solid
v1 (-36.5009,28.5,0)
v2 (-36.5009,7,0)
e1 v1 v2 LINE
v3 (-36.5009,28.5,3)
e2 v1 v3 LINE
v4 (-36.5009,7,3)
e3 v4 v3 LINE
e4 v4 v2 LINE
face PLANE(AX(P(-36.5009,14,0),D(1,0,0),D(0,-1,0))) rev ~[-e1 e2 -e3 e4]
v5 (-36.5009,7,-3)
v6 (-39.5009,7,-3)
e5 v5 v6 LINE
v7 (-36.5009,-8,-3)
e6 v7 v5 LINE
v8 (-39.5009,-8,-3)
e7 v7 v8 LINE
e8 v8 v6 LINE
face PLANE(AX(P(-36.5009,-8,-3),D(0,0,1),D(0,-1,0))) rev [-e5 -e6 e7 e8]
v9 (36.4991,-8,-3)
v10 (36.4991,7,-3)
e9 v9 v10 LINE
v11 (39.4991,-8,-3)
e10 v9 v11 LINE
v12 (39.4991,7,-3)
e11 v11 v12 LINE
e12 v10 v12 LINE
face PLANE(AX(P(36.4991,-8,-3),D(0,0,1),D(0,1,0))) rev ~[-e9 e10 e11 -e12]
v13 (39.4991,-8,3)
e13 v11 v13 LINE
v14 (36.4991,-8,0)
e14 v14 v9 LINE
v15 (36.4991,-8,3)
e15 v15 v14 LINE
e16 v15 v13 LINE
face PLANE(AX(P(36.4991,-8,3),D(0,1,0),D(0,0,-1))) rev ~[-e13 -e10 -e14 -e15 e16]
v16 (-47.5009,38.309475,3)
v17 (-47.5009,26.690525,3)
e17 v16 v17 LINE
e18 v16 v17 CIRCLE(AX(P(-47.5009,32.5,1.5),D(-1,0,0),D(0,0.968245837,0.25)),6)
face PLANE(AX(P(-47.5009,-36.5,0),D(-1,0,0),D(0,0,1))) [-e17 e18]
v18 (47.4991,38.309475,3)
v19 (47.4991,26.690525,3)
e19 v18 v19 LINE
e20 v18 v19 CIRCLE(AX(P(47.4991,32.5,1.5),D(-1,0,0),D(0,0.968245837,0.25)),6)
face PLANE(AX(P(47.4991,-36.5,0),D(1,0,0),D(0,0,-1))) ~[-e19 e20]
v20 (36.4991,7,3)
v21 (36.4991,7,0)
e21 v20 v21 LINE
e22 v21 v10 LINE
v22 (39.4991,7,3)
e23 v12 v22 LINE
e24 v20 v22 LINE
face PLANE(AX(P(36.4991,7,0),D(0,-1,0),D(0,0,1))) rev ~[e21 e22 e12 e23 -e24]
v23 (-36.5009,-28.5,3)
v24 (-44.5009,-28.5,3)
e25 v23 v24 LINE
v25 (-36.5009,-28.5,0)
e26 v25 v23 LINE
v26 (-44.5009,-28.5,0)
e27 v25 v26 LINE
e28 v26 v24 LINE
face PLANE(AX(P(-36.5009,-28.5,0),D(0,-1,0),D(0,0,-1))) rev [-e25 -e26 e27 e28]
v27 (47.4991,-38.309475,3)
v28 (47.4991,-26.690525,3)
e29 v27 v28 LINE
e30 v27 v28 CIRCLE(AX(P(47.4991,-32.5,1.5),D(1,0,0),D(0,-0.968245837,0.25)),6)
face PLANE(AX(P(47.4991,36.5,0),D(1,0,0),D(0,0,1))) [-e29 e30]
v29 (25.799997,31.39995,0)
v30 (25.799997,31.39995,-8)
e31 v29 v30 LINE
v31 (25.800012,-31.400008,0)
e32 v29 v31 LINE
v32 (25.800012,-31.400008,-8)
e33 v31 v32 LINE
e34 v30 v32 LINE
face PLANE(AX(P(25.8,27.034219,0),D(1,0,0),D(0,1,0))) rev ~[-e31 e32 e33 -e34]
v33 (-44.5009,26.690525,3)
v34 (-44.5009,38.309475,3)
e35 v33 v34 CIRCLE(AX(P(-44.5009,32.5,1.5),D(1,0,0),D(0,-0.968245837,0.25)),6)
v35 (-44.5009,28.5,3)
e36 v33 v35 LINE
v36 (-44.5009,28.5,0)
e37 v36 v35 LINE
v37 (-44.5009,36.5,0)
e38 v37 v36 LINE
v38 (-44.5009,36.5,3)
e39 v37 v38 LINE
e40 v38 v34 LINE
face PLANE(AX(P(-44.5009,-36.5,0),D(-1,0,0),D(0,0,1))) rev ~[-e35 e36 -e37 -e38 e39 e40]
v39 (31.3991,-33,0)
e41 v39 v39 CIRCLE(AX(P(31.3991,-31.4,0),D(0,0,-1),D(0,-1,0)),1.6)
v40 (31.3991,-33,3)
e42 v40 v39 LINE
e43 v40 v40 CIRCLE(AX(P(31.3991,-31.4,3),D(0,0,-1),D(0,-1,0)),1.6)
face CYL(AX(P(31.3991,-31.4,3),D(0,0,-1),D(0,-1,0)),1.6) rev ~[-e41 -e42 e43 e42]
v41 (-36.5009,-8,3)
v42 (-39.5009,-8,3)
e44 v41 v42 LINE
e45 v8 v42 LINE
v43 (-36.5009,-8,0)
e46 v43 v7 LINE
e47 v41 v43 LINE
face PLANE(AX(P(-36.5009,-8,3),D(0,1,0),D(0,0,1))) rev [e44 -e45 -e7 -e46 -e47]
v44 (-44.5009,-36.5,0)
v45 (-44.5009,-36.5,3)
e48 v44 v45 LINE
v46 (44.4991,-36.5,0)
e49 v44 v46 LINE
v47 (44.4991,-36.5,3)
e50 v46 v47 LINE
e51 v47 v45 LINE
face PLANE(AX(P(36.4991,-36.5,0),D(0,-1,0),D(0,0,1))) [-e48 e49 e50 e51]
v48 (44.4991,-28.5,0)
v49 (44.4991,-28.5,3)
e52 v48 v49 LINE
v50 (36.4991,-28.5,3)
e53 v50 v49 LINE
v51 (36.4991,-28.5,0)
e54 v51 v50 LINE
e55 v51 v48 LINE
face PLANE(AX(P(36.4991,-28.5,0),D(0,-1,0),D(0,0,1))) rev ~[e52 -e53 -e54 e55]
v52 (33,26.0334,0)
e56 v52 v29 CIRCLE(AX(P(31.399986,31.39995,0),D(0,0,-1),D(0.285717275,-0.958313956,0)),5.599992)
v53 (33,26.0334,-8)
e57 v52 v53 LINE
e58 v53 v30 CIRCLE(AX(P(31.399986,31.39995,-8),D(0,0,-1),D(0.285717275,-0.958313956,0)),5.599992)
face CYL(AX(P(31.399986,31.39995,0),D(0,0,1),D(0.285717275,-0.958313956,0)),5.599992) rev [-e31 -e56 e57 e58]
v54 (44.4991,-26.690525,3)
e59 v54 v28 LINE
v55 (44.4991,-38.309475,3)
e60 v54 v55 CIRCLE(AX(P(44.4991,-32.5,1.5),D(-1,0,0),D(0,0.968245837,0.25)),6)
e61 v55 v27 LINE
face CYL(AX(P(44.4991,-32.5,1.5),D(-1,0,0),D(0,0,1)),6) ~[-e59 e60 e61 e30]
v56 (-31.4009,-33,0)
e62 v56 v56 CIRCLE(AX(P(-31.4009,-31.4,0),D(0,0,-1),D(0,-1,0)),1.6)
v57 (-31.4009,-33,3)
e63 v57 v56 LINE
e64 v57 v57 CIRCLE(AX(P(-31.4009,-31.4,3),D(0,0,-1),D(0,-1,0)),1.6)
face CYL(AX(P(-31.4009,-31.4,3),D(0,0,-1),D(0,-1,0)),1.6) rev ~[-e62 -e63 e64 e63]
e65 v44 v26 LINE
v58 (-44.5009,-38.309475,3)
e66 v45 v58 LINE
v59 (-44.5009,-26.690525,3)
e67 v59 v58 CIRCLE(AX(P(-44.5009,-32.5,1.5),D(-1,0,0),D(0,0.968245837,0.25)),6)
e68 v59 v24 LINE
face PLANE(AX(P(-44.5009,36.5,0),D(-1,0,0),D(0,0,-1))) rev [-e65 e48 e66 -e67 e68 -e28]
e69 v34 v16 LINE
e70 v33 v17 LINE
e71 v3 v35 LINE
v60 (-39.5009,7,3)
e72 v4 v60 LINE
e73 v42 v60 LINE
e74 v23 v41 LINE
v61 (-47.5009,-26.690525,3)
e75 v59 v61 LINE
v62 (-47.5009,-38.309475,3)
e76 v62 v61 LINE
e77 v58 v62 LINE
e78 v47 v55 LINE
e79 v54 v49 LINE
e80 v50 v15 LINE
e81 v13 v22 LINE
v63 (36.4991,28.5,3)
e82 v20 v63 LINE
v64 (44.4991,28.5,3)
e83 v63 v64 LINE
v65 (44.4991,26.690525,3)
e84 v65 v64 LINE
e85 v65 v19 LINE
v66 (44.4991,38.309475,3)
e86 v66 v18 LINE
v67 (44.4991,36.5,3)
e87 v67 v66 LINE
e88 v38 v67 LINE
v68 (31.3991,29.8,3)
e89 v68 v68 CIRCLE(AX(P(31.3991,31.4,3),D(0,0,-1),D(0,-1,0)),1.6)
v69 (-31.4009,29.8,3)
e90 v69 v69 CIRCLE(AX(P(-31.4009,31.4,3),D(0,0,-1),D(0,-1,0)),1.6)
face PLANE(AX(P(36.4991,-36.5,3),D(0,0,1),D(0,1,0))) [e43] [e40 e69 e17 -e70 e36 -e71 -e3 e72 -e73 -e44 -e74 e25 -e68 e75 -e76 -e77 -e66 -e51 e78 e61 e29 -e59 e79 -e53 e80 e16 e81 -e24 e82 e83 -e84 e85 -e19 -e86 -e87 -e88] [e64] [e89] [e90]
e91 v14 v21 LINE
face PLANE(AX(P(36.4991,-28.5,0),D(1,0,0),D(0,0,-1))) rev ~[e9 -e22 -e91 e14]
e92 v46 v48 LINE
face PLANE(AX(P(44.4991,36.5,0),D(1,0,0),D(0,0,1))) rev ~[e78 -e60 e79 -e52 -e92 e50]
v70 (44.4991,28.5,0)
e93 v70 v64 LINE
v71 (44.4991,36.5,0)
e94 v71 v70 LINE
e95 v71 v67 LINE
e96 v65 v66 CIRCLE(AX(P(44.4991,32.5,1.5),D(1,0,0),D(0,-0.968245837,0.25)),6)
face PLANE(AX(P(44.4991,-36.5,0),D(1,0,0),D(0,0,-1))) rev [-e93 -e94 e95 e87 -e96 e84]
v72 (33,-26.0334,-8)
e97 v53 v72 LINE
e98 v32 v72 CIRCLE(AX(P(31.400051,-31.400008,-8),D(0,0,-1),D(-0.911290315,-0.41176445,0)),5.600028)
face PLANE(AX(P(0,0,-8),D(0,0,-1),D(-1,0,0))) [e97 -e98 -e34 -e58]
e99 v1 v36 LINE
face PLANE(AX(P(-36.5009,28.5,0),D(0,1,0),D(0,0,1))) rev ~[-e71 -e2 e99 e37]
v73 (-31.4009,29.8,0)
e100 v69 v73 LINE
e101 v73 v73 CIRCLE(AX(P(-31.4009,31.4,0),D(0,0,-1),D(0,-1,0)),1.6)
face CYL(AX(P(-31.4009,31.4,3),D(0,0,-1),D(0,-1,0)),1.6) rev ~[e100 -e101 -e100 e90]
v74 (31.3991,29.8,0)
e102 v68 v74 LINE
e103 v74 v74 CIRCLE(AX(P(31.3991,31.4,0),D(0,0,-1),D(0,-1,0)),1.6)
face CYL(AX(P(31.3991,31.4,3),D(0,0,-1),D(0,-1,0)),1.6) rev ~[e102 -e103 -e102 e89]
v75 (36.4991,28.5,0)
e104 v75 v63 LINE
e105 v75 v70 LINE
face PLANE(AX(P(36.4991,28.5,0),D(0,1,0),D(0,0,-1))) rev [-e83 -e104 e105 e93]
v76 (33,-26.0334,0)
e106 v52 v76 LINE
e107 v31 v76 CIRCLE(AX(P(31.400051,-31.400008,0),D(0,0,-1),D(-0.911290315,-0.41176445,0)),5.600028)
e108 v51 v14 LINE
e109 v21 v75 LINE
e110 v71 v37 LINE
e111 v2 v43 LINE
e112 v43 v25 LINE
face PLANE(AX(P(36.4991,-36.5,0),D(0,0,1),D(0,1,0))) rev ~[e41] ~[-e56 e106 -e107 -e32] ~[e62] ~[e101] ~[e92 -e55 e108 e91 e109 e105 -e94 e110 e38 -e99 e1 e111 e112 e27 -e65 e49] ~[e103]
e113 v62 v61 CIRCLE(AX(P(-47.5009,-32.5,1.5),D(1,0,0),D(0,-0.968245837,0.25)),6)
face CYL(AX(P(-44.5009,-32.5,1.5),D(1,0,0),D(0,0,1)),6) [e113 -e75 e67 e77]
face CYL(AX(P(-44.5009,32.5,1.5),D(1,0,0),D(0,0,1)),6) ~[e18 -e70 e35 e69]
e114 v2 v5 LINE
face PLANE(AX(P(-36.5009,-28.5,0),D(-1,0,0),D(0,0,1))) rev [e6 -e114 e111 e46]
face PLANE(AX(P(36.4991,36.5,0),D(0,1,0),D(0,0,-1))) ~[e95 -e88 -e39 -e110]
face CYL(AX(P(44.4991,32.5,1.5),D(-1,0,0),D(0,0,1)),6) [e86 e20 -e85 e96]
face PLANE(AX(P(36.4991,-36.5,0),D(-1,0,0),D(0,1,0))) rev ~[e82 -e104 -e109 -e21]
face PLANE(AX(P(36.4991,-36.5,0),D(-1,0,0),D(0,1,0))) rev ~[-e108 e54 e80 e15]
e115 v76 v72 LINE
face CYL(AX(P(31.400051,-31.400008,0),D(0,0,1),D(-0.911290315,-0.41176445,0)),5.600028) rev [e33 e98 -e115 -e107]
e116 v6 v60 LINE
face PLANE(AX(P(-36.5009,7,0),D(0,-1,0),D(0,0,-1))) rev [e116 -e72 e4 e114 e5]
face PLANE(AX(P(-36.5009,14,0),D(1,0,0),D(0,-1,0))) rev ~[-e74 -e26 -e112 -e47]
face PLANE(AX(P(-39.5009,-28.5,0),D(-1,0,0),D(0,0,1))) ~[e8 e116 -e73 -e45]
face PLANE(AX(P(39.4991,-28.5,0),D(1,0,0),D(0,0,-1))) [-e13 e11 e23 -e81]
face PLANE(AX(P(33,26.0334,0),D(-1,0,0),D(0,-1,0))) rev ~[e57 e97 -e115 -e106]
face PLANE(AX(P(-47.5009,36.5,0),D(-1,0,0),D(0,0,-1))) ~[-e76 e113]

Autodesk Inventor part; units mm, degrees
ref_plane "YZ Plane" through (0, 0, 0) normal (1, 0, 0) x (0, 1, 0)
ref_plane "XZ Plane" through (0, 0, 0) normal (0, 1, 0) x (-1, 0, 0)
sketch "Boceto1" plane through (0, 0, 0) normal (0, 0, 1) x (1, 0, 0)
  line L0 (-33.5009, -14) -> (-33.5009, 14) projected
  line L1 (-36.5009, -14) -> (-33.5009, -14) projected
  line L2 (-33.5009, 14) -> (-36.5009, 14) projected
  line L3 (-36.5009, 14) -> (-36.5009, -14) projected
  line L4 (36.4991, -36.5) -> (36.4991, 36.5) projected
  line L5 (-36.5009, -36.5) -> (36.4991, -36.5) projected
  line L6 (-36.5009, 36.5) -> (-36.5009, -36.5) projected
  line L7 (36.4991, 36.5) -> (-36.5009, 36.5) projected
  point P0 (0, 0)
extrude "Extrusión1" add sketch "Boceto1" along normal blind 3
sketch "Boceto2" plane through (0, 0, 3) normal (0, 0, 1) x (1, 0, 0)
  line L0 (36.5, 36.5) -> (-36.5, 36.5) projected
  line L1 (-36.5, 36.5) -> (-36.5, -36.5) projected
  line L2 (-36.5, -36.5) -> (36.5, -36.5) projected
  line L3 (36.5, -36.5) -> (36.5, 36.5) projected
  circle A0 centre (-31.4009, 31.4) radius 2.1 projected
  circle A1 centre (-31.4009, -31.4) radius 2.1 projected
  circle A2 centre (31.3991, -31.4) radius 2.1 projected
  circle A3 centre (31.3991, 31.4) radius 2.1 projected
  point P0 (0, 0)
hole "Agujero1" at (-31.4009, 31.4, 3) at (-31.4009, -31.4, 3) at (31.3991, -31.4, 3) at (31.3991, 31.4, 3) direction (0, 0, -1) diameter 3.2 depth 5
sketch "Boceto4" plane through (-36.5009, -36.5, 0) normal (-1, 0, 0) x (0, 0, 1)
  line L0 (0, 73) -> (0, 0) projected
  line L1 (0, 0) -> (3, 0) projected
  line L2 (3, 73) -> (3, 0) projected
  line L3 (0, 73) -> (3, 73) projected
  line L4 (3, 73) -> (0, 73)
  line L5 (0, 73) -> (0, 65)
  line L6 (0, 65) -> (3, 65)
  line L7 (3, 65) -> (3, 73)
  point P0 (0, 36.5)
  dimension "d9" = 8
extrude "Extrusión2" add sketch "Boceto4" along normal blind 8 contours L3 L2 L6 L0
sketch "Boceto5" plane through (-44.5009, -36.5, 0) normal (-1, 0, 0) x (0, 0, 1)
  line L0 (3, 65) -> (3, 73) projected
  line L1 (3, 73) -> (0, 73) projected
  line L2 (0, 73) -> (0, 65) projected
  line L3 (0, 65) -> (3, 65) projected
  line L4 (0, 73) -> (3, 65)
  circle A0 centre (1.5, 69) radius 6
  line L5 (0, 62) -> (3, 62)
  line L6 (3, 62) -> (3, 76)
  line L7 (3, 76) -> (0, 76)
  line L8 (0, 76) -> (0, 62)
  line L9 (0, 62) -> (3, 76) construction
  line L10 (3, 62) -> (0, 76) construction
  point P0 (0, 36.5)
  point P1 (3, 74.8095)
  point P2 (3, 63.1905)
  dimension "d12" = 12
extrude "Extrusión3" add sketch "Boceto5" along normal blind 3 contours L4 L1 L0 | L6 A0 L8 L3 | L3 L2 L4 | L1 L8 A0 L6 | L8 A0 L2
ref_plane "Plano de trabajo1" through (36.4991, 0, 3) normal (0, 1, 0) x (1, 0, 0)
ref_plane "Plano de trabajo2" through (-0.0009, -36.5, 0) normal (-1, 0, 0) x (0, 0, 1)
mirror "Simetría1" about plane through (36.4991, 0, 3) normal (0, 1, 0) of "Extrusión3", "Extrusión2"
mirror "Simetría2" about plane through (-0.0009, -36.5, 0) normal (-1, 0, 0) of "Extrusión3", "Extrusión2", "Simetría1"
sketch "Boceto6" plane through (36.4991, -28.5, 0) normal (1, 0, 0) x (0, 0, -1)
  line L0 (0, 14.5) -> (75, 14.5) projected
  arc A0 (75, 7) -> (78, 10) centre (75, 10) ccw projected
  line L1 (75, 7) -> (0, 7) projected
  line L2 (0, -8) -> (0, 7) projected
  line L3 (81, -8) -> (0, -8) projected
  line L4 (81, -8) -> (81, 65) projected
  line L5 (81, 65) -> (0, 65) projected
  line L6 (0, 50) -> (0, 65) projected
  line L7 (0, 50) -> (75, 50) projected
  arc A1 (75, 42.5) -> (78, 45.5) centre (75, 45.5) ccw projected
  line L8 (75, 42.5) -> (0, 42.5) projected
  line L9 (0, 14.5) -> (0, 42.5) projected
  line L10 (0, 42.5) -> (0, 14.5) projected
  line L11 (-3, 0) -> (0, 0) projected
  line L12 (0, 0) -> (0, 57) projected
  line L13 (0, 57) -> (-3, 57) projected
  line L14 (-3, 0) -> (-3, 57) projected
  line L15 (3, 35.5) -> (-3, 35.5)
  line L16 (-3, 35.5) -> (-3, 20.5)
  line L17 (-3, 20.5) -> (3, 20.5)
  line L18 (3, 20.5) -> (3, 35.5)
  line L19 (3, 35.5) -> (-3, 20.5) construction
  line L20 (-3, 35.5) -> (3, 20.5) construction
  arc A2 (78, 11.5) -> (75, 14.5) centre (75, 11.5) ccw projected
  line L21 (78, 11.5) -> (78, 10) projected
  arc A3 (78, 47) -> (75, 50) centre (75, 47) ccw projected
  line L22 (78, 47) -> (78, 45.5) projected
  point P0 (0, 28.5)
  point P1 (0, 28)
  dimension "d15" = 6
  dimension "d16" = 15
extrude "Extrusión4" add sketch "Boceto6" along normal blind 3 contours L17 L14 L15 L9 | L9 L15 L18 L17
mirror "Simetría3" about plane through (-0.0009, -36.5, 0) normal (-1, 0, 0) of "Extrusión4"
sketch "Boceto7" plane through (0, 0, 0) normal (0, 0, -1) x (-1, 0, 0)
  line L0 (-31.9991, -16) -> (-31.9991, 16) projected
  arc A0 (-24.3245, -32) -> (-31.9991, -24.3254) centre (-31.3991, -31.4) ccw projected
  arc A1 (-31.9991, 24.3254) -> (-24.3245, 32) centre (-31.3991, 31.4) ccw projected
  arc A2 (33.5009, -26.7524) -> (26.7533, -33.5) centre (31.4009, -31.4) ccw projected
  line L1 (33.5009, 17) -> (33.5009, -17) projected
  arc A3 (-26.7524, -33.5) -> (-33.5, -26.7524) centre (-31.4, -31.4) ccw
  arc A4 (-33.5, 26.7524) -> (-26.7524, 33.5) centre (-31.4, 31.4) ccw
  arc A5 (26.7524, 33.5) -> (33.5, 26.7524) centre (31.4, 31.4) ccw
  line L2 (33.5, -26.7524) -> (33.5, 26.7524)
  circle A6 centre (31.4, -31.4) radius 5.1004
  arc A7 (33.7068, -26.2968) -> (26.2977, -33.7059) centre (31.4009, -31.4) ccw
  line L3 (33, -26.7524) -> (33, 26.0334)
  arc A8 (26.2968, 33.7059) -> (33, 26.0334) centre (31.4, 31.4) ccw
  line L4 (-33.5, -26.7524) -> (-33.5, 26.7524)
  arc A9 (-33, 26.0334) -> (-26.2968, 33.7059) centre (-31.4, 31.4) ccw
  line L5 (-33, 26.0334) -> (-33, -26.0334)
  arc A10 (-26.2968, -33.7059) -> (-33, -26.0334) centre (-31.4, -31.4) ccw
  line L6 (-25.8, -42) -> (-25.8, 78)
  line L7 (25.8, -39) -> (25.8, 51)
  point P0 (0, 0)
  point P1 (-25.8, -31.4)
  point P2 (-25.8, 31.4)
  point P3 (25.8, 31.4)
  point P4 (25.8, -31.4)
  point P5 (33, -26.0331)
  dimension "d29" = 0.5
  dimension "d30" = 0.5
  dimension "d31" = 0.5
ref_plane "Plano de trabajo3" through (-33.5, 29.3, -8) normal (0, 0, -1) x (0, 1, 0)
extrude "Extrusión5" add sketch "Boceto7" along normal up to surface (8 mm away) contours A9 L6 A10 L5
properties part number "Tapa dispensador"
